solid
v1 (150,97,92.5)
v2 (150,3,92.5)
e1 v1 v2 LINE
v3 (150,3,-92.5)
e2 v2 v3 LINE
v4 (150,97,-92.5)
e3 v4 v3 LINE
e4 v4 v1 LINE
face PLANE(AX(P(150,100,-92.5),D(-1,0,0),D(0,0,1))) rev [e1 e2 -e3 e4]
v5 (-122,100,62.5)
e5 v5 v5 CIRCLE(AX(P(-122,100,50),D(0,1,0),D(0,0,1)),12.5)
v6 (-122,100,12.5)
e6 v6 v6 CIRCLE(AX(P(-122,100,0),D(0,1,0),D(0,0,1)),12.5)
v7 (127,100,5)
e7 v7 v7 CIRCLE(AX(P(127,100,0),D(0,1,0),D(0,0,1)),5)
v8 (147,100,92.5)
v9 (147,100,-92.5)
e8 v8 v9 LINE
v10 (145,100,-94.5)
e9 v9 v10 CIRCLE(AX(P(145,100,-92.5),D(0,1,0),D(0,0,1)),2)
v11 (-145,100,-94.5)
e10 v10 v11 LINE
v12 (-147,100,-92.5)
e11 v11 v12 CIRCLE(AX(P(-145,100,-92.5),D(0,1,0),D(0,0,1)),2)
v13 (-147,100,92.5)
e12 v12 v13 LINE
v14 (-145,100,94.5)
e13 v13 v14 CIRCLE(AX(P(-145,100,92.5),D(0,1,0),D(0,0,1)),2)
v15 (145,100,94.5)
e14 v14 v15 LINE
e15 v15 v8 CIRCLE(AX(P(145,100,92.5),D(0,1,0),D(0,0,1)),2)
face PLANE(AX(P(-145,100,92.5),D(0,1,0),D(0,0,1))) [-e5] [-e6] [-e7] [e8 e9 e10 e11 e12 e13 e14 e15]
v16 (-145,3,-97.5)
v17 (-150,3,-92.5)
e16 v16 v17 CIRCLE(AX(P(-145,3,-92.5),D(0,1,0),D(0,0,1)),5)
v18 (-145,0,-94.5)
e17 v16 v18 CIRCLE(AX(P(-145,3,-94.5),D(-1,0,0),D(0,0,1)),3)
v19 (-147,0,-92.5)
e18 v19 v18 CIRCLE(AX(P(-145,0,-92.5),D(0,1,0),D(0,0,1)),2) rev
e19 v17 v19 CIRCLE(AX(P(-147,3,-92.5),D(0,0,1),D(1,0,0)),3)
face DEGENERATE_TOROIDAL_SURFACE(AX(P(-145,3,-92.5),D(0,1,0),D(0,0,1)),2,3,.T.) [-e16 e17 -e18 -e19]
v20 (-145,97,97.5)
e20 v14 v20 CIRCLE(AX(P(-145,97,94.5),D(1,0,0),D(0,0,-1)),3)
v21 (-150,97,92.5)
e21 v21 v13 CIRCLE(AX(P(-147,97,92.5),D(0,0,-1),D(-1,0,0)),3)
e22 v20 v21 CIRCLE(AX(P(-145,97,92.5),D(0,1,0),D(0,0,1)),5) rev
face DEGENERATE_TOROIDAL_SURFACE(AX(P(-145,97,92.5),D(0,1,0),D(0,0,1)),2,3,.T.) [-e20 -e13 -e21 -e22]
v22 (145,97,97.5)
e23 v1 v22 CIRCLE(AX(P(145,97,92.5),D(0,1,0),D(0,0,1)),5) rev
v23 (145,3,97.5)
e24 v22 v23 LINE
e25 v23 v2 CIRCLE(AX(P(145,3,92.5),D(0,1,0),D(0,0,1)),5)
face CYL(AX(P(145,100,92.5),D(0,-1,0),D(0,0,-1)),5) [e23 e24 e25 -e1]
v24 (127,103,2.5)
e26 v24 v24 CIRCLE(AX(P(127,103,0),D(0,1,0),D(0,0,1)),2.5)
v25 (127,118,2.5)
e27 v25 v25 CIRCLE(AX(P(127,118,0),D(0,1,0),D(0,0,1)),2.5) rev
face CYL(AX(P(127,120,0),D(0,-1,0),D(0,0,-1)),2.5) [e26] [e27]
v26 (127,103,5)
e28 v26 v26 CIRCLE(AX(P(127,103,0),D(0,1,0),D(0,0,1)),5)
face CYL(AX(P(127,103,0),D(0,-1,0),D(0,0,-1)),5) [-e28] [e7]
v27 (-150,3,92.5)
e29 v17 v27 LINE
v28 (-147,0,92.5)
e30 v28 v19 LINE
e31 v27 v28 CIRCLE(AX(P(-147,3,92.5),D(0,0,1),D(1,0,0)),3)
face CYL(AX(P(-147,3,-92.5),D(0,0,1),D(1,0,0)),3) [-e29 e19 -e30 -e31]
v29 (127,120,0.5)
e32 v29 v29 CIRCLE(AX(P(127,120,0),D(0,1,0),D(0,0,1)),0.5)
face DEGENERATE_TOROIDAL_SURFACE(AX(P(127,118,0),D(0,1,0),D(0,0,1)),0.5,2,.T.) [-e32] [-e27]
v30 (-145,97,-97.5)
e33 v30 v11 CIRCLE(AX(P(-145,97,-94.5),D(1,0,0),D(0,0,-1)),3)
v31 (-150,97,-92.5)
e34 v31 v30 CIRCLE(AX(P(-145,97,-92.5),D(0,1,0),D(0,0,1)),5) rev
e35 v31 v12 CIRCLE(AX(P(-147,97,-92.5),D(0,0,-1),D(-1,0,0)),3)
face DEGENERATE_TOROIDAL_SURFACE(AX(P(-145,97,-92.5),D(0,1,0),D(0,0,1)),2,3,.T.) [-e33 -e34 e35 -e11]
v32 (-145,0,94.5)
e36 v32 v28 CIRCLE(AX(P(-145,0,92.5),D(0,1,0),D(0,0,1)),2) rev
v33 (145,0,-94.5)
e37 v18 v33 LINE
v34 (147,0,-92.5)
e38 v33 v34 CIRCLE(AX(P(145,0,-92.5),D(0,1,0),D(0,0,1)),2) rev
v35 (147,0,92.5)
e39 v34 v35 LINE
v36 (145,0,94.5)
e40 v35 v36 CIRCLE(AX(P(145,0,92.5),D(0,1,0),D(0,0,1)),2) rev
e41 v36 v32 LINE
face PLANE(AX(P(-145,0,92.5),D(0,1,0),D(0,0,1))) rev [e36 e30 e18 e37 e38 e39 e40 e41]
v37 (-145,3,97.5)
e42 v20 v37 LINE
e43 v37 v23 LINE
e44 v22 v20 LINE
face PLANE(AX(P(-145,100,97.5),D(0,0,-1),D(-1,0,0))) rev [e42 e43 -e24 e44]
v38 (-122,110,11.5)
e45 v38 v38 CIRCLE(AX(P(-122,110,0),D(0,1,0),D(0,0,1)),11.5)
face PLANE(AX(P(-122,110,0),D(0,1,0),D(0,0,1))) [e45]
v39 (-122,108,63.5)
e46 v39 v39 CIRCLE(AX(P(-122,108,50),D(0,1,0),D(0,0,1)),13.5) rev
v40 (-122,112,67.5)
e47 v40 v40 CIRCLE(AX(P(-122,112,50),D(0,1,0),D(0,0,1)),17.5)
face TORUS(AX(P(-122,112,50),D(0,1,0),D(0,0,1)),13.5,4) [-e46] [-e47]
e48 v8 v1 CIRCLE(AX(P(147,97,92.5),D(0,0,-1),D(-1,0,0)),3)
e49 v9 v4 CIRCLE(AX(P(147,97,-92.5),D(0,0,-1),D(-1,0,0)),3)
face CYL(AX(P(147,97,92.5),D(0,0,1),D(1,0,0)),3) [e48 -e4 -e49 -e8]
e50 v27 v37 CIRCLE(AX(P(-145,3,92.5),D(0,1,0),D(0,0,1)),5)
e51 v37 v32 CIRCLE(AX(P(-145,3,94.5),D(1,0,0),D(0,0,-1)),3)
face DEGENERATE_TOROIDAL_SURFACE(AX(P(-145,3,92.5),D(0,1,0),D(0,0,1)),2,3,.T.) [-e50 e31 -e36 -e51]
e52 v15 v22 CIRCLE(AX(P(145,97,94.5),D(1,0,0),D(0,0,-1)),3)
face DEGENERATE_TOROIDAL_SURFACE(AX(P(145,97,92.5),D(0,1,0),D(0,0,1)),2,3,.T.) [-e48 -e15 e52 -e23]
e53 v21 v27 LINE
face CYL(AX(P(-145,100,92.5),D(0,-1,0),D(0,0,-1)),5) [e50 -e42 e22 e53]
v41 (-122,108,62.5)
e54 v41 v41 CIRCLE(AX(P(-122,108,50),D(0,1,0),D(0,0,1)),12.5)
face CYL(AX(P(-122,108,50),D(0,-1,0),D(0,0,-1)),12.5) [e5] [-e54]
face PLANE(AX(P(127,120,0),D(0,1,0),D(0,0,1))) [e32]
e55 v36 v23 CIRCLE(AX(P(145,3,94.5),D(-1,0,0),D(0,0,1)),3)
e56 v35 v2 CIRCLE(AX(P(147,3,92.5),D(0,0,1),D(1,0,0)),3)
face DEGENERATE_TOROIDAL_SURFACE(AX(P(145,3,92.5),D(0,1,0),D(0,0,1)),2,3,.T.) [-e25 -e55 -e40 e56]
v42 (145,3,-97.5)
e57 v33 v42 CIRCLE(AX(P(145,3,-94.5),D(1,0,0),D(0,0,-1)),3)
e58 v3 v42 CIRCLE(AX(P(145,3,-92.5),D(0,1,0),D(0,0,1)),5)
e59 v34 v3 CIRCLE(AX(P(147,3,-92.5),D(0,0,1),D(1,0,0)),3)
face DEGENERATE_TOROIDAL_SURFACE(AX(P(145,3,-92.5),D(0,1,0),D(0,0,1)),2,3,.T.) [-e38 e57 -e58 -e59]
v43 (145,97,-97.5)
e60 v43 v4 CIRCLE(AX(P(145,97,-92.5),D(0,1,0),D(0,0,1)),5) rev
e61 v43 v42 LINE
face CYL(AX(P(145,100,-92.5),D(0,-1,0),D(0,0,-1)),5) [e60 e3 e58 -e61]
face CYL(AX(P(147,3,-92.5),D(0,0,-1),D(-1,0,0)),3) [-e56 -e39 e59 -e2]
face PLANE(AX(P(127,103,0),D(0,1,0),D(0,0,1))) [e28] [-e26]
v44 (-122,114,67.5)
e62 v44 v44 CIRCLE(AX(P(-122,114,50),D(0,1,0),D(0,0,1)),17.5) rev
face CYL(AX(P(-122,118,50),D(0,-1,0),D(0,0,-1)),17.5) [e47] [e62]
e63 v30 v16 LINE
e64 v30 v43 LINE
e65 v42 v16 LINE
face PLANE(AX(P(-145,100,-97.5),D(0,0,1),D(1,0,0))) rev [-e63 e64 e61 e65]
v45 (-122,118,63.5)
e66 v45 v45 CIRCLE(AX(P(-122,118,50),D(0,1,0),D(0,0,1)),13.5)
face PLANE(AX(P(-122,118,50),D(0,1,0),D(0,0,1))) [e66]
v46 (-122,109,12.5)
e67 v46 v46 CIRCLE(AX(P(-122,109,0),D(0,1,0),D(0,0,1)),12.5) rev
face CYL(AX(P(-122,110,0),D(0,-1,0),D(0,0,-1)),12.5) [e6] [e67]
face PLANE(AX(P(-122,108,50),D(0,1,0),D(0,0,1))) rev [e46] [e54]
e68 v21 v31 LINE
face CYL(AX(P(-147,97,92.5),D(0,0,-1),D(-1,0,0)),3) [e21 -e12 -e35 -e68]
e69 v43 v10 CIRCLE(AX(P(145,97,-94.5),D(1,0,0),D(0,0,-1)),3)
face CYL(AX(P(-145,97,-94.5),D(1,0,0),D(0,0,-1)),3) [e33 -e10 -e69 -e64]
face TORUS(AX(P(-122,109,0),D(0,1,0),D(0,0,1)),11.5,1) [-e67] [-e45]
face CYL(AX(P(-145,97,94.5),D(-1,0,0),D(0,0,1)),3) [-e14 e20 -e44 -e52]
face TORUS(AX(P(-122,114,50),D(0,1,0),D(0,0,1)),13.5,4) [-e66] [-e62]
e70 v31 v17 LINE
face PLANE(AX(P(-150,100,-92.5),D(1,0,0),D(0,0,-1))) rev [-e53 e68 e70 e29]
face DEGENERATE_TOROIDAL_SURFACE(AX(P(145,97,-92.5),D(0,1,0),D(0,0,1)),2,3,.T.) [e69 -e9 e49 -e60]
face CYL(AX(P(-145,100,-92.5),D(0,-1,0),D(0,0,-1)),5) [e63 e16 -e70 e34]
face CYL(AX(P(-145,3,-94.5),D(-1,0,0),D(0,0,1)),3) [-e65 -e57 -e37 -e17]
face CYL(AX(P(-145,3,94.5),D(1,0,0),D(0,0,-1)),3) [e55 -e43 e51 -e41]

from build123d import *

# Parameters (mm, degrees)
BOSS_EXTRUDE1_DEPTH = 100
FILLET3_R           = 3
SKETCH3_R           = 12.5
BOSS_EXTRUDE2_DEPTH = 10
SKETCH4_R           = 12.5
BOSS_EXTRUDE3_DEPTH = 8
SKETCH5_R           = 17.5
BOSS_EXTRUDE5_DEPTH = 10
FILLET6_R           = 4
FILLET7_R           = 1
SKETCH6_R           = 5
BOSS_EXTRUDE6_DEPTH = 3
SKETCH7_R           = 2.5
BOSS_EXTRUDE7_DEPTH = 17
FILLET13_R          = 2


with BuildPart() as part:
    # Sketch2 → Boss-Extrude1 (new body)
    with BuildSketch(Plane(origin=(0, 0, 0), x_dir=(1, 0, 0), z_dir=(0, 1, 0))):
        with BuildLine():
            Line((-145, 97.5), (145, 97.5))
            ThreePointArc((145, 97.5), (148.535533906, 96.035533906), (150, 92.5))
            Line((150, 92.5), (150, -92.5))
            ThreePointArc((150, -92.5), (148.535533906, -96.035533906), (145, -97.5))
            Line((145, -97.5), (-145, -97.5))
            ThreePointArc((-145, -97.5), (-148.535533906, -96.035533906), (-150, -92.5))
            Line((-150, -92.5), (-150, 92.5))
            ThreePointArc((-150, 92.5), (-148.535533906, 96.035533906), (-145, 97.5))
        make_face()
    extrude(amount=BOSS_EXTRUDE1_DEPTH)

    # Fillet3
    fillet3_edges = [part.edges().sort_by_distance(p)[0] for p in [
        (150, 0, 0),
        (148.535533906, 0, 96.035533906),
        (0, 0, 97.5),
        (-148.535533906, 0, 96.035533906),
        (148.535533906, 100, 96.035533906),
        (150, 100, 0),
        (148.535533906, 100, -96.035533906),
        (0, 100, -97.5),
        (-148.535533906, 100, -96.035533906),
        (-150, 100, 0),
        (-148.535533906, 100, 96.035533906),
        (-150, 0, 0),
        (0, 100, 97.5),
        (-148.535533906, 0, -96.035533906),
        (0, 0, -97.5),
        (148.535533906, 0, -96.035533906),
    ]]
    fillet(fillet3_edges, radius=FILLET3_R)

    # Sketch3 → Boss-Extrude2 (add)
    with BuildSketch(Plane(origin=(0, 100, 0), x_dir=(1, 0, 0), z_dir=(0, 1, 0))):
        with Locations(Location((-122, 0, 0), (0, 0, 270))):
            Circle(SKETCH3_R)
    extrude(amount=BOSS_EXTRUDE2_DEPTH)

    # Sketch4 → Boss-Extrude3 (add)
    with BuildSketch(Plane(origin=(0, 100, 0), x_dir=(1, 0, 0), z_dir=(0, 1, 0))):
        with Locations(Location((-122, -50, 0), (0, 0, 270))):
            Circle(SKETCH4_R)
    extrude(amount=BOSS_EXTRUDE3_DEPTH)

    # Sketch5 → Boss-Extrude5 (add)
    with BuildSketch(Plane(origin=(0, 108, 0), x_dir=(1, 0, 0), z_dir=(0, 1, 0))):
        with Locations(Location((-122, -50, 0), (0, 0, 270))):
            Circle(SKETCH5_R)
    extrude(amount=BOSS_EXTRUDE5_DEPTH)

    # Fillet6
    fillet6_edges = [part.edges().sort_by_distance(p)[0] for p in [
        (-122, 108, 32.5),
        (-122, 118, 32.5),
    ]]
    fillet(fillet6_edges, radius=FILLET6_R)

    # Fillet7
    fillet7_edges = [part.edges().sort_by_distance(p)[0] for p in [
        (-122, 110, -12.5),
    ]]
    fillet(fillet7_edges, radius=FILLET7_R)

    # Sketch6 → Boss-Extrude6 (add)
    with BuildSketch(Plane(origin=(0, 100, 0), x_dir=(1, 0, 0), z_dir=(0, 1, 0))):
        with Locations(Location((127, 0, 0), (0, 0, 270))):
            Circle(SKETCH6_R)
    extrude(amount=BOSS_EXTRUDE6_DEPTH)

    # Sketch7 → Boss-Extrude7 (add)
    with BuildSketch(Plane(origin=(0, 103, 0), x_dir=(1, 0, 0), z_dir=(0, 1, 0))):
        with Locations(Location((127, 0, 0), (0, 0, 270))):
            Circle(SKETCH7_R)
    extrude(amount=BOSS_EXTRUDE7_DEPTH)

    # Fillet13
    fillet13_edges = [part.edges().sort_by_distance(p)[0] for p in [
        (127, 120, -2.5),
    ]]
    fillet(fillet13_edges, radius=FILLET13_R)


solid = part.part
